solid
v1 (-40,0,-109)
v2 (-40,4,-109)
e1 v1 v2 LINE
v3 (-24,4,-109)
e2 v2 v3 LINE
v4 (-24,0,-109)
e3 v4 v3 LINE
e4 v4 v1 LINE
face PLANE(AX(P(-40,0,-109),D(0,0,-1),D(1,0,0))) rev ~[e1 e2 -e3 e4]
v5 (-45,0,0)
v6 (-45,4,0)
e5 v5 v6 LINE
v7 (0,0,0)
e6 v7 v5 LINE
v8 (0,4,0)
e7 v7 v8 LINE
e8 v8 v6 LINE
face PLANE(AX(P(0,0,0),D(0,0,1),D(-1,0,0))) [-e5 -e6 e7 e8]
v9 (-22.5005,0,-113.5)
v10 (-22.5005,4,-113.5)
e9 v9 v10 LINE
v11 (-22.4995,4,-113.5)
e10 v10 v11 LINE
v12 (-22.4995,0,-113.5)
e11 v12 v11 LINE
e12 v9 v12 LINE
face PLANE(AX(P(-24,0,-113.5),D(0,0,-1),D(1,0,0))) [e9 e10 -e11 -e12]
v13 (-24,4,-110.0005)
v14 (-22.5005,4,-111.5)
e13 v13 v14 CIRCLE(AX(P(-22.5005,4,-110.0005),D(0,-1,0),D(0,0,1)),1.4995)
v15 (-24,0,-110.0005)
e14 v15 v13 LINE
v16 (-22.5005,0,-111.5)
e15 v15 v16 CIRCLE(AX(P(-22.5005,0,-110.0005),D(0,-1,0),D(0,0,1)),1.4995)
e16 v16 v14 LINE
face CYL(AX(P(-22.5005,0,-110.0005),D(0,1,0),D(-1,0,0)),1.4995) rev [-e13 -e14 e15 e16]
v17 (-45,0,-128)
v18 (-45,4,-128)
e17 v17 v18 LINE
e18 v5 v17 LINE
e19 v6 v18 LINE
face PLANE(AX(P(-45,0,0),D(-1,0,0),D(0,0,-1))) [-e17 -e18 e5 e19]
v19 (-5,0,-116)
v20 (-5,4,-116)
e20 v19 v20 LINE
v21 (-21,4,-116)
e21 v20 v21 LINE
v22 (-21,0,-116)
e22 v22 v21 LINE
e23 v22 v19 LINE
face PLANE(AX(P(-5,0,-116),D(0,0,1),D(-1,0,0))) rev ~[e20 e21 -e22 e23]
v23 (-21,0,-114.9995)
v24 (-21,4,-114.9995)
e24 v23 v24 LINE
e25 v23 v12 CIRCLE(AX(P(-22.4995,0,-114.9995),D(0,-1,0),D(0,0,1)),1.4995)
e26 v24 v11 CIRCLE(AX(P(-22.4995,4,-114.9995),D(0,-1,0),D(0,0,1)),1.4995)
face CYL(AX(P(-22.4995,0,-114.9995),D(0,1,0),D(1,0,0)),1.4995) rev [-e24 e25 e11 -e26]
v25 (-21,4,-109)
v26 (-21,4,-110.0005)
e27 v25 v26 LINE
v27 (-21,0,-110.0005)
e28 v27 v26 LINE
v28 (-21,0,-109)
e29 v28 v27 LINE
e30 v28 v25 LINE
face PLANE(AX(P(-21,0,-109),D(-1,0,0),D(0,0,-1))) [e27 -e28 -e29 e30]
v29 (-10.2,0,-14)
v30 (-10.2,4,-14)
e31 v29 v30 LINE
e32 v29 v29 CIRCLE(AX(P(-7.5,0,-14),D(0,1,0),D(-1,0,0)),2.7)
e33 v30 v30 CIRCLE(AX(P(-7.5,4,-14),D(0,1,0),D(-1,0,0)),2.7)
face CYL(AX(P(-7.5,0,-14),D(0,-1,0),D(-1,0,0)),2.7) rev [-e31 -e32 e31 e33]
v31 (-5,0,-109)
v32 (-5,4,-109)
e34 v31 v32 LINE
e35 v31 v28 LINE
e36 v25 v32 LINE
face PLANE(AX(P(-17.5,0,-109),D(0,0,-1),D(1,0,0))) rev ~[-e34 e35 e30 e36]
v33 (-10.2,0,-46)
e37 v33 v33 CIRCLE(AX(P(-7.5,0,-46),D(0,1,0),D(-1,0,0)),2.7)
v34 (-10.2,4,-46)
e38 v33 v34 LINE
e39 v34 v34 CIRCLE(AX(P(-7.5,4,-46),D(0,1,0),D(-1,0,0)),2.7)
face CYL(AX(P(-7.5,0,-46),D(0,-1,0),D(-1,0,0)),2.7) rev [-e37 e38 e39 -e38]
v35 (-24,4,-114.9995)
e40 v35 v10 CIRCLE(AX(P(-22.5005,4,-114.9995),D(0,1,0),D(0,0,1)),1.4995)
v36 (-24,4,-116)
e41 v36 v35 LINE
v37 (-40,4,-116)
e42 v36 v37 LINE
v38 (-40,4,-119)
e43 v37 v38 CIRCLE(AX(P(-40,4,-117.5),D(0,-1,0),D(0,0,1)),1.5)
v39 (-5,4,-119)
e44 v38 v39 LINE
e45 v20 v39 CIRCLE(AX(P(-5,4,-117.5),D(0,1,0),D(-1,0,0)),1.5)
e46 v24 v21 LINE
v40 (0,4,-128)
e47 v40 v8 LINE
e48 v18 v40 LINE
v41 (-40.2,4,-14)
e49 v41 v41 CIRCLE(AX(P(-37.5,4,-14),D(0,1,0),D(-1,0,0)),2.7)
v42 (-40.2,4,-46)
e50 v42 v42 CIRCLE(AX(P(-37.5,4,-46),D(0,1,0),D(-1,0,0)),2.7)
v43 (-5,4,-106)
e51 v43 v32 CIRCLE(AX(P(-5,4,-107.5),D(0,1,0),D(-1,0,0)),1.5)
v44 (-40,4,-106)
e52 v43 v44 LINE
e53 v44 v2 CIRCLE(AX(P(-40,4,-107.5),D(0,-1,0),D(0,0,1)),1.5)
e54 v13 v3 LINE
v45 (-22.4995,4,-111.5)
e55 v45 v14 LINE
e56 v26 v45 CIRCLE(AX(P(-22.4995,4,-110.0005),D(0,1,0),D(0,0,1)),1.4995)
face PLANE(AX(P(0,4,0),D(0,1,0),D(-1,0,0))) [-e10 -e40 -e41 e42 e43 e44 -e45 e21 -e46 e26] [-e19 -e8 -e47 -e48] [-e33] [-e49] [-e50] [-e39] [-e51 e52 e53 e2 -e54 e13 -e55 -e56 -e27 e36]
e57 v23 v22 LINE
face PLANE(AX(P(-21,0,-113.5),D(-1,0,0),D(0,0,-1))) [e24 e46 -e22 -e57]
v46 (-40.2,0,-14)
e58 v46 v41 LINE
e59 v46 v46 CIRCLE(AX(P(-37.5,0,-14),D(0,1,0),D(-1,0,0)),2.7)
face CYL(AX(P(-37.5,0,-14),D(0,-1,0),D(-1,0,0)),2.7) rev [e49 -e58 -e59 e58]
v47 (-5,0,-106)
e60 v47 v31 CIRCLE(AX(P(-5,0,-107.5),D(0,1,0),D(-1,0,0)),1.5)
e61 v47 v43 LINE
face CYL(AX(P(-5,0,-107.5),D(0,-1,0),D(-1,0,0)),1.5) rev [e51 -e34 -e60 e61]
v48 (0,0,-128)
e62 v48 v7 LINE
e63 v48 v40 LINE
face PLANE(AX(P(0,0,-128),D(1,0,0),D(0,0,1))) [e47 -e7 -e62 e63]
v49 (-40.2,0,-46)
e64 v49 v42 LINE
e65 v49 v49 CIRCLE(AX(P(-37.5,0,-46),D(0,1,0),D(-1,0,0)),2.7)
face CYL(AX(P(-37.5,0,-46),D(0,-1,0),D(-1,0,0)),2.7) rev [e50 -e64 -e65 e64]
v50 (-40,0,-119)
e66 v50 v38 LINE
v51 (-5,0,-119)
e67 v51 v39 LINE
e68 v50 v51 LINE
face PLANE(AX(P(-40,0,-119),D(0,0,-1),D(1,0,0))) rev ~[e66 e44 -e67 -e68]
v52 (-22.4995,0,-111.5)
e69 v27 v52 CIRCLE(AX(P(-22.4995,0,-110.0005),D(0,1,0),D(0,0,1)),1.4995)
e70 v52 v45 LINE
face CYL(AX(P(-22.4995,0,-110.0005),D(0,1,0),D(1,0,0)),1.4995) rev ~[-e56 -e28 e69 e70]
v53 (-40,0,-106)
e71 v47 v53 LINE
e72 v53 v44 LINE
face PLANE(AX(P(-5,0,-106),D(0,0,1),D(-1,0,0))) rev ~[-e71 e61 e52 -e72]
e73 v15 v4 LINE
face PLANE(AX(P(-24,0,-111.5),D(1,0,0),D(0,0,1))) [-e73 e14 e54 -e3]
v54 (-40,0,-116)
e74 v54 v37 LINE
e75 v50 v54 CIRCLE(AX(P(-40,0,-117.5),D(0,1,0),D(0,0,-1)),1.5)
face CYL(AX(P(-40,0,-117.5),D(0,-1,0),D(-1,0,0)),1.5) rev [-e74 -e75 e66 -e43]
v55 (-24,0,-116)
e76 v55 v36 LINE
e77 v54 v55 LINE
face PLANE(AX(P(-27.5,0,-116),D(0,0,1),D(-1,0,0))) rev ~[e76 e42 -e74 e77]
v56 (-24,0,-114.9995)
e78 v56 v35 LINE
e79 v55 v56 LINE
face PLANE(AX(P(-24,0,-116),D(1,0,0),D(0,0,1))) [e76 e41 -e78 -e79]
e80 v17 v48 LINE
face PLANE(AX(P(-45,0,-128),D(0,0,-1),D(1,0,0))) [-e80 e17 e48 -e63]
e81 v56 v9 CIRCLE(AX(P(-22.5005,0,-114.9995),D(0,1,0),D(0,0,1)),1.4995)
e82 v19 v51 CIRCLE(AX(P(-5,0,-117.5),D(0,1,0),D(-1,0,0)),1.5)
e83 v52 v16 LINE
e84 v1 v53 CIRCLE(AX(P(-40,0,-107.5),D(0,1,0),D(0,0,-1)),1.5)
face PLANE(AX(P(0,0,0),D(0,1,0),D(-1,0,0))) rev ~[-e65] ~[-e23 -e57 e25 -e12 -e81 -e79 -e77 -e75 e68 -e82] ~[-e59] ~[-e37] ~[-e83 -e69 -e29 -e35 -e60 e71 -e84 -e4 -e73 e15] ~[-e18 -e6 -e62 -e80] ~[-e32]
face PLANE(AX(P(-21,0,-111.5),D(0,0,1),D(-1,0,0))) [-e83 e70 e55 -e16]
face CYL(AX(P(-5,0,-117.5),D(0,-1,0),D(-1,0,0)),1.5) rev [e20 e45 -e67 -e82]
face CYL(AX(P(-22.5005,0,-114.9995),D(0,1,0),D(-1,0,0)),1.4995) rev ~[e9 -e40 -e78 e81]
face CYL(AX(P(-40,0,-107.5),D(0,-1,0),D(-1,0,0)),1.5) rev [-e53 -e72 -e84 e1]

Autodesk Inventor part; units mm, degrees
ref_plane "YZ Plane" through (0, 0, 0) normal (1, 0, 0) x (0, 1, 0)
ref_plane "XZ Plane" through (0, 0, 0) normal (0, 1, 0) x (-1, 0, 0)
ref_plane "XY Plane" through (0, 0, 0) normal (0, 0, 1) x (1, 0, 0)
sketch "Sketch1" plane through (0, 0, 0) normal (0, 1, 0) x (-1, 0, 0)
  line L0 (0, 0) -> (45, 0)
  line L1 (45, 0) -> (45, -128)
  line L2 (45, -128) -> (0, -128)
  line L3 (0, -128) -> (0, 0)
  line L4 (37.5, -14) -> (7.5, -14) construction
  line L5 (7.5, -14) -> (7.5, -46) construction
  line L6 (7.5, -46) -> (37.5, -46) construction
  line L7 (37.5, -46) -> (37.5, -14) construction
  circle A0 centre (37.5, -46) radius 2.7
  circle A1 centre (37.5, -14) radius 2.7
  circle A2 centre (7.5, -14) radius 2.7
  circle A3 centre (7.5, -46) radius 2.7
  line L8 (22.5, -14) -> (22.5, 0) construction
  circle A4 centre (5, -107.5) radius 1.5
  circle A5 centre (40, -107.5) radius 1.5
  line L9 (40, -109) -> (5, -109)
  line L10 (5, -106) -> (40, -106)
  line L11 (21, -109) -> (21, -116)
  line L12 (24, -116) -> (24, -109)
  line L13 (22.5, -116) -> (22.5, -109) construction
  circle A6 centre (40, -117.5) radius 1.5
  line L14 (5, -116) -> (40, -116)
  line L15 (40, -119) -> (5, -119)
  circle A7 centre (5, -117.5) radius 1.5
  line L16 (17.5, -109) -> (17.5, -116)
  line L17 (27.5, -116) -> (27.5, -109)
  line L18 (22.5, -116) -> (22.5, -128) construction
  line L19 (21, -111.5) -> (24, -111.5)
  line L20 (24, -113.5) -> (21, -113.5)
  point P0 (25, -109)
  point P1 (25, -116)
  point P2 (15, -116)
  point P3 (15, -109)
  point P4 (21.5, -116)
  point P5 (18.5, -116)
  point P6 (22.5, -112.5)
  point P7 (22.5, -111.5)
  dimension "d0" = 128
  dimension "d1" = 45
  dimension "d2" = 30
  dimension "d3" = 32
  dimension "d4" = 5.4
  dimension "d5" = 14
  dimension "d6" = 3
  dimension "d7" = 35
  dimension "d8" = 7
  dimension "d9" = 3
  dimension "d10" = 35
  dimension "d11" = 5
  dimension "d12" = 5
  dimension "d13" = 12
  dimension "d16" = 3
  dimension "d17" = 1.5
  dimension "d18" = 2
  dimension "d19" = 1
extrude "Extrusion1" add sketch "Sketch1" along normal blind 4 contours L0 L1 L2 L3 | L9 L11 L14 L16 | L17 L14 L12 L9 | L19 L12 L20 L11
fillet "Fillet1" radius 1.5 4 edges at (-24, 2, -113.5) (-21, 2, -113.5) (-24, 2, -111.5) (-21, 2, -111.5)
equation "\"d12\" = d11"
equation "\"d17\" = 0.5 * d16"
equation "\"d19\" = 0.5 * d18"
properties part number "p2_3DPrint"
